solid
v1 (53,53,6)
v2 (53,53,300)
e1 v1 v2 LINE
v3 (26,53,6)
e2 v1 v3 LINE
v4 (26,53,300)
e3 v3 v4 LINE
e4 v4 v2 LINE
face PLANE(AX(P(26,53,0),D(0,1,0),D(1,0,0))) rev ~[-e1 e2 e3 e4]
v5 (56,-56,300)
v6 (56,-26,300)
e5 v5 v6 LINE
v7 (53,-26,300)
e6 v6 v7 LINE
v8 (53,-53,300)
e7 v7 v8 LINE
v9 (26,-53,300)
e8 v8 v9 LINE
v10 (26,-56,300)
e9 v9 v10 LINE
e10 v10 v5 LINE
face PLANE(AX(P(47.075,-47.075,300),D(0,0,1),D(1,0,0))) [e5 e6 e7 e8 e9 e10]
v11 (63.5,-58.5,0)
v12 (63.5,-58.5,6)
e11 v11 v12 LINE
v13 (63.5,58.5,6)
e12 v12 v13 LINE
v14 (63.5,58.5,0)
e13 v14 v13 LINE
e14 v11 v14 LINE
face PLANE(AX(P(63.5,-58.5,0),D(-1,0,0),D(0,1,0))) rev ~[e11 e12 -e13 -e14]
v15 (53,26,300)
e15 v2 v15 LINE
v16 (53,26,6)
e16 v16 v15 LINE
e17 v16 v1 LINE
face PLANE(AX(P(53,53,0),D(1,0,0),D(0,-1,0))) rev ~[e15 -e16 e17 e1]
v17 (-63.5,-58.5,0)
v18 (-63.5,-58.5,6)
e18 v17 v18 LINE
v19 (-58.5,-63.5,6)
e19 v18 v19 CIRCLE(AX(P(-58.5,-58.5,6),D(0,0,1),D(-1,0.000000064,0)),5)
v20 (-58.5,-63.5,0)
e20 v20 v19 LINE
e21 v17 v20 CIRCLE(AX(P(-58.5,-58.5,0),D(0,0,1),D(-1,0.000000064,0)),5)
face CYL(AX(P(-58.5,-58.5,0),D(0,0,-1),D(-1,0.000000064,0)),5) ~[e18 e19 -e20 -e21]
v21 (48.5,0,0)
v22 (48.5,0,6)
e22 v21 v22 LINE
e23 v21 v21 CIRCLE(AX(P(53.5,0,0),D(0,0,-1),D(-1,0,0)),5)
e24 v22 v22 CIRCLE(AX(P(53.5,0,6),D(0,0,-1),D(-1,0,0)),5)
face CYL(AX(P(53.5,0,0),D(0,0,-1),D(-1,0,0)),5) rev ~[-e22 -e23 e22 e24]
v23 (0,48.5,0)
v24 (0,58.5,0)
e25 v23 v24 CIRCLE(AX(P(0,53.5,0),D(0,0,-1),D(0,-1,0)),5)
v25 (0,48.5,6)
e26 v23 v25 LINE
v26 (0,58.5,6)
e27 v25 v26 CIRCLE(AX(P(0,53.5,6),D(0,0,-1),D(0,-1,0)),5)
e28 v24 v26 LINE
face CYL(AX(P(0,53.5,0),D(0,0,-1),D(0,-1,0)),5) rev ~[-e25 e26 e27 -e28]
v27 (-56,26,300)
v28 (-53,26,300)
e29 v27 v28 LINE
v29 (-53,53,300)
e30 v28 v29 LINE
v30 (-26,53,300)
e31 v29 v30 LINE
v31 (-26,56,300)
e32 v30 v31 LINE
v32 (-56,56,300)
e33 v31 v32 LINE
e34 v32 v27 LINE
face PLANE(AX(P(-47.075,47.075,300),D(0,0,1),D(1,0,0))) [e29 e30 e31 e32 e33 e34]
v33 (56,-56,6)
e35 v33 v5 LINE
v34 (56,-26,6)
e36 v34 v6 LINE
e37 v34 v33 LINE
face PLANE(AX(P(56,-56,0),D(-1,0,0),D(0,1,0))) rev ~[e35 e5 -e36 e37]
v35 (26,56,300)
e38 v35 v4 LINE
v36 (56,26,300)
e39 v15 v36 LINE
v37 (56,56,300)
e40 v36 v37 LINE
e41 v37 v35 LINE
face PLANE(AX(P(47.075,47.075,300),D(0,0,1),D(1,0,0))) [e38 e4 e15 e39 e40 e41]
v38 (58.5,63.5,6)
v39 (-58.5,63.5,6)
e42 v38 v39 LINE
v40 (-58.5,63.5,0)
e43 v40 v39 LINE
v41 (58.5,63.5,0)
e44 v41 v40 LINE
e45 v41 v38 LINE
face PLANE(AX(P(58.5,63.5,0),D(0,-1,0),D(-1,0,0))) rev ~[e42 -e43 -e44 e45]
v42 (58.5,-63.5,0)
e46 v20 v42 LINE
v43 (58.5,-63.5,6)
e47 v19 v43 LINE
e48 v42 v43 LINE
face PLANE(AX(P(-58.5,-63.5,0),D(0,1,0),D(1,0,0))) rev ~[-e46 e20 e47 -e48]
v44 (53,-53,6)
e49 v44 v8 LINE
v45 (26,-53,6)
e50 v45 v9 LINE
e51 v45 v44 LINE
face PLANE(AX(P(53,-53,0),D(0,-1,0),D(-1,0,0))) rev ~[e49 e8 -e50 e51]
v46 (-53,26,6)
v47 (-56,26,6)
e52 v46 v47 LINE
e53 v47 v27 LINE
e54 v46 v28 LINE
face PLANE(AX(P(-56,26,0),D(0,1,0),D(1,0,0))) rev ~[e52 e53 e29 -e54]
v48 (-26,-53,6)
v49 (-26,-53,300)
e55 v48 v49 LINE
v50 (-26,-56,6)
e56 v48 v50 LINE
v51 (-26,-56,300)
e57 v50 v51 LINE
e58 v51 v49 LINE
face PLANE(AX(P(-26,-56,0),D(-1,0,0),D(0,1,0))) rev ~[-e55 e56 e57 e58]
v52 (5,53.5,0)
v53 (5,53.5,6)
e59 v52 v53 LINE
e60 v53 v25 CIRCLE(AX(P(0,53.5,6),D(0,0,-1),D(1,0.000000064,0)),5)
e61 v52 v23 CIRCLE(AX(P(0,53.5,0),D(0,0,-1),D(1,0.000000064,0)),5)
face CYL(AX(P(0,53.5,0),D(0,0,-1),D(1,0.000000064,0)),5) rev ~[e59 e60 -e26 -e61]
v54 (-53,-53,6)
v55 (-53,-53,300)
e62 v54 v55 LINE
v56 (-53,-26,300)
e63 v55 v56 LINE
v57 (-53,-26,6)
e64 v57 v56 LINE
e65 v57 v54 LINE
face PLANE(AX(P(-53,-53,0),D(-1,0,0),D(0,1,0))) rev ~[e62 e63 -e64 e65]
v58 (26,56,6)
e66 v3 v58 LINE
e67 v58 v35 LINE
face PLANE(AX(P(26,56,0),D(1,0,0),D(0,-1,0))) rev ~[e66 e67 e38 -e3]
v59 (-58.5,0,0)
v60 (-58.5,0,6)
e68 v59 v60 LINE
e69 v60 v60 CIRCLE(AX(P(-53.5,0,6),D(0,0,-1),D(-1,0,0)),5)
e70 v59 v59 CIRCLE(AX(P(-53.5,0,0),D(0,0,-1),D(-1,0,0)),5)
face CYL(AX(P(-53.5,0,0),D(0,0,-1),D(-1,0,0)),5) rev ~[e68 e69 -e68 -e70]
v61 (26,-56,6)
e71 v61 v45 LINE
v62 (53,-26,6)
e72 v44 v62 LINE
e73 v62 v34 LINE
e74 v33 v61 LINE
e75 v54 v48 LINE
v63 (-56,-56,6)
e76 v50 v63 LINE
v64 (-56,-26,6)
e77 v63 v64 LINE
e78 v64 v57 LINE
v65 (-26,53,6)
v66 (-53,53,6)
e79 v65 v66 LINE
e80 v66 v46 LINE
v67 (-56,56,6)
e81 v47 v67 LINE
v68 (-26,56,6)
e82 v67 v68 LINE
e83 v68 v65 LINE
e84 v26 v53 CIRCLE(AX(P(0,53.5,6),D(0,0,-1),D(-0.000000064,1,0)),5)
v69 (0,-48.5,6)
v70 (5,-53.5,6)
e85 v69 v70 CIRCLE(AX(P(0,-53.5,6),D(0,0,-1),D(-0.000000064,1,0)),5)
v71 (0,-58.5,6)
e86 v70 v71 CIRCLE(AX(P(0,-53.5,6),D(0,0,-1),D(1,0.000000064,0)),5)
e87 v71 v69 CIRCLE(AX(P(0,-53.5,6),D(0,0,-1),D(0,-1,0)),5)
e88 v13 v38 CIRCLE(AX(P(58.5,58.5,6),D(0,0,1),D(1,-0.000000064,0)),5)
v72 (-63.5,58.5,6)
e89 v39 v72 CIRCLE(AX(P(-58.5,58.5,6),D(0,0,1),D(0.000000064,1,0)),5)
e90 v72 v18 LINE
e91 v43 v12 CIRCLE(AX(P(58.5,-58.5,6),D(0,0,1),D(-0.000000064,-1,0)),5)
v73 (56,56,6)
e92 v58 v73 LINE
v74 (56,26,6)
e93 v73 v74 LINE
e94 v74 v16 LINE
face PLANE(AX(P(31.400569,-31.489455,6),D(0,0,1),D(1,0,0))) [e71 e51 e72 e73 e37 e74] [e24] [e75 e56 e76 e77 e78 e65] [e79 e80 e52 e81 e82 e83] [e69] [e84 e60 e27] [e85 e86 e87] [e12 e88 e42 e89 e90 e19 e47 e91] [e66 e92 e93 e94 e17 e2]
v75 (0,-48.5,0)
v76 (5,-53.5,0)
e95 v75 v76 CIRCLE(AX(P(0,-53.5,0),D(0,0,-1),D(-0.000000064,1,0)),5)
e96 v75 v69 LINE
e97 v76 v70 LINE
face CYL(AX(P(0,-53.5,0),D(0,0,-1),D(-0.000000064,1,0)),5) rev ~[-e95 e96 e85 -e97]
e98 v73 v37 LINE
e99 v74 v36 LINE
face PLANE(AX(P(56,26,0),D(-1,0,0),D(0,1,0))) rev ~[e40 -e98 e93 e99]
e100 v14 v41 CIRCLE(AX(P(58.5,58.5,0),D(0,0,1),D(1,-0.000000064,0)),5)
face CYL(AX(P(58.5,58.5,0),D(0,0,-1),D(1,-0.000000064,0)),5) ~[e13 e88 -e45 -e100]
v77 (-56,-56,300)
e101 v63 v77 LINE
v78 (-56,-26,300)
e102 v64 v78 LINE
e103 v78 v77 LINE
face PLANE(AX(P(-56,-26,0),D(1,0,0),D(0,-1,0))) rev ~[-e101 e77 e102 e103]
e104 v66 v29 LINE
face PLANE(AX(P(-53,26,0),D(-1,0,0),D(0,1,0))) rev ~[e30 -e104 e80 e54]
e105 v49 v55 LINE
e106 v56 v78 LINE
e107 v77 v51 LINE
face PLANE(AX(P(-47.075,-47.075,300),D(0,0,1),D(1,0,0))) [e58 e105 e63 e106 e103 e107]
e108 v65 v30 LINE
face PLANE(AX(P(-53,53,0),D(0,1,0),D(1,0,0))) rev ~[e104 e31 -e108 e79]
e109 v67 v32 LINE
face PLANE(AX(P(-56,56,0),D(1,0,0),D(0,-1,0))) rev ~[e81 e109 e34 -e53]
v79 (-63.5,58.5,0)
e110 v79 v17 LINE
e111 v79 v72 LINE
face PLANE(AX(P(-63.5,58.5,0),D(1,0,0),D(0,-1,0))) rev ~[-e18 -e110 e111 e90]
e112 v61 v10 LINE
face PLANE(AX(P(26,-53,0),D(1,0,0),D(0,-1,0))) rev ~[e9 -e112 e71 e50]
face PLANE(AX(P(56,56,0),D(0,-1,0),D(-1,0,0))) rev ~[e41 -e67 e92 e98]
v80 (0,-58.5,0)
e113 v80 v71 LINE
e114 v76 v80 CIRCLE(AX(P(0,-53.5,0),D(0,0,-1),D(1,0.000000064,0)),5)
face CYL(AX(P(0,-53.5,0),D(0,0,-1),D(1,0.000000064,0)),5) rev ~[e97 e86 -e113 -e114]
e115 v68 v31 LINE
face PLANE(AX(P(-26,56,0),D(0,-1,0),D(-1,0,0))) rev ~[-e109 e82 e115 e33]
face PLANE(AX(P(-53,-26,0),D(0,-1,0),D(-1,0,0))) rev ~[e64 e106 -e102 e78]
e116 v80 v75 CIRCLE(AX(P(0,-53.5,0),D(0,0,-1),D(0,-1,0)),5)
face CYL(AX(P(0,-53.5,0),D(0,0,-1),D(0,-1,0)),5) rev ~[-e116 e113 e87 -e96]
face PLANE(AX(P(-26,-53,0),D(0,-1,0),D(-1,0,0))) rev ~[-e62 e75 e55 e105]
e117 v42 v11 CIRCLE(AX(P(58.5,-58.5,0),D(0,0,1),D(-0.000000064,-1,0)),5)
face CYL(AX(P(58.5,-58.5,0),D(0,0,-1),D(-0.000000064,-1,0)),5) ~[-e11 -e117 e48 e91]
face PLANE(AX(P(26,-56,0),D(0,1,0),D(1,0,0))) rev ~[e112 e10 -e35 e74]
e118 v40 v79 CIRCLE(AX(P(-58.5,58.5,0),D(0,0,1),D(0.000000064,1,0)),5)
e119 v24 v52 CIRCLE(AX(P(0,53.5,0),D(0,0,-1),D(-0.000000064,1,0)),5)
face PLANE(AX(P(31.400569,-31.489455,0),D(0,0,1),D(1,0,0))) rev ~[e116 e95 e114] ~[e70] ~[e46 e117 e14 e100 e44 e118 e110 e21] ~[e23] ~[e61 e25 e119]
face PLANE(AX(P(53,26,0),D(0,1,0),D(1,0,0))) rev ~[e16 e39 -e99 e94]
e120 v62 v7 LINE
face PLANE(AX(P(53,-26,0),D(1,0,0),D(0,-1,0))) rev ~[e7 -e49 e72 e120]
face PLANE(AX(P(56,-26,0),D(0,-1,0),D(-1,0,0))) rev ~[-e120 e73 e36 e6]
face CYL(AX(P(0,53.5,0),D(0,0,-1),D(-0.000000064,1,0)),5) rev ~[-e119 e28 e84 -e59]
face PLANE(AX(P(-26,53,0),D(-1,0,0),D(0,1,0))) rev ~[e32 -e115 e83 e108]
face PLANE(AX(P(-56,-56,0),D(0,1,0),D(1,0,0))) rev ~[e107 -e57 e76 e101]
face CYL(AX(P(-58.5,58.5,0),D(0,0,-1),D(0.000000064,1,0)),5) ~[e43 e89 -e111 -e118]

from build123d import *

# Parameters (mm, degrees)
F1_DEPTH = 6
F2_DEPTH = 300


with BuildPart() as f1:
    # F0 (on Top) → F1 (new body)
    with BuildSketch(Plane.XY):
        with BuildLine():
            Line((0, -63.5), (58.5, -63.5))
            ThreePointArc((58.5, -63.5), (62.035534, -62.035534), (63.5, -58.5))
            Line((63.5, -58.5), (63.5, 0))
            Line((63.5, 0), (58.5, 0))
            ThreePointArc((58.5, 0), (53.5, -5), (48.5, 0))
            Line((48.5, 0), (0, 0))
            Line((0, 0), (0, -48.5))
            ThreePointArc((0, -48.5), (3.535534, -49.964466), (5, -53.5))
            ThreePointArc((5, -53.5), (3.535534, -57.035534), (0, -58.5))
            Line((0, -58.5), (0, -63.5))
        make_face()
        Polygon((53, -26), (56, -26), (56, -56), (26, -56), (26, -53), (53, -53), align=None, mode=Mode.SUBTRACT)
        with BuildLine():
            Line((-58.5, -63.5), (0, -63.5))
            Line((0, -63.5), (0, -58.5))
            ThreePointArc((0, -58.5), (-5, -53.5), (0, -48.5))
            Line((0, -48.5), (0, 0))
            Line((0, 0), (-48.5, 0))
            ThreePointArc((-48.5, 0), (-53.5, -5), (-58.5, 0))
            Line((-58.5, 0), (-63.5, 0))
            Line((-63.5, 0), (-63.5, -58.5))
            ThreePointArc((-63.5, -58.5), (-62.035534, -62.035534), (-58.5, -63.5))
        make_face()
        Polygon((-56, -56), (-56, -26), (-53, -26), (-53, -53), (-26, -53), (-26, -56), align=None, mode=Mode.SUBTRACT)
        with BuildLine():
            Line((58.5, 0), (63.5, 0))
            Line((63.5, 0), (63.5, 58.5))
            ThreePointArc((63.5, 58.5), (62.035534, 62.035534), (58.5, 63.5))
            Line((58.5, 63.5), (0, 63.5))
            Line((0, 63.5), (0, 58.5))
            ThreePointArc((0, 58.5), (3.535534, 57.035534), (5, 53.5))
            ThreePointArc((5, 53.5), (3.535534, 49.964466), (0, 48.5))
            Line((0, 48.5), (0, 0))
            Line((0, 0), (48.5, 0))
            ThreePointArc((48.5, 0), (53.5, 5), (58.5, 0))
        make_face()
        Polygon((26, 53), (26, 56), (56, 56), (56, 26), (53, 26), (53, 53), align=None, mode=Mode.SUBTRACT)
        with BuildLine():
            Line((-63.5, 58.5), (-63.5, 0))
            Line((-63.5, 0), (-58.5, 0))
            ThreePointArc((-58.5, 0), (-53.5, 5), (-48.5, 0))
            Line((-48.5, 0), (0, 0))
            Line((0, 0), (0, 48.5))
            ThreePointArc((0, 48.5), (-5, 53.5), (0, 58.5))
            Line((0, 58.5), (0, 63.5))
            Line((0, 63.5), (-58.5, 63.5))
            ThreePointArc((-58.5, 63.5), (-62.035534, 62.035534), (-63.5, 58.5))
        make_face()
        Polygon((-56, 26), (-56, 56), (-26, 56), (-26, 53), (-53, 53), (-53, 26), align=None, mode=Mode.SUBTRACT)
    extrude(amount=F1_DEPTH)

    # F0 (on Top) → F2 (join)
    with BuildSketch(Plane.XY):
        Polygon((56, -56), (56, -26), (53, -26), (53, -53), (26, -53), (26, -56), align=None)
        Polygon((56, 56), (26, 56), (26, 53), (53, 53), (53, 26), (56, 26), align=None)
        Polygon((-26, 56), (-56, 56), (-56, 26), (-53, 26), (-53, 53), (-26, 53), align=None)
        Polygon((-53, -26), (-56, -26), (-56, -56), (-26, -56), (-26, -53), (-53, -53), align=None)
    extrude(amount=F2_DEPTH)


solid = f1.part
